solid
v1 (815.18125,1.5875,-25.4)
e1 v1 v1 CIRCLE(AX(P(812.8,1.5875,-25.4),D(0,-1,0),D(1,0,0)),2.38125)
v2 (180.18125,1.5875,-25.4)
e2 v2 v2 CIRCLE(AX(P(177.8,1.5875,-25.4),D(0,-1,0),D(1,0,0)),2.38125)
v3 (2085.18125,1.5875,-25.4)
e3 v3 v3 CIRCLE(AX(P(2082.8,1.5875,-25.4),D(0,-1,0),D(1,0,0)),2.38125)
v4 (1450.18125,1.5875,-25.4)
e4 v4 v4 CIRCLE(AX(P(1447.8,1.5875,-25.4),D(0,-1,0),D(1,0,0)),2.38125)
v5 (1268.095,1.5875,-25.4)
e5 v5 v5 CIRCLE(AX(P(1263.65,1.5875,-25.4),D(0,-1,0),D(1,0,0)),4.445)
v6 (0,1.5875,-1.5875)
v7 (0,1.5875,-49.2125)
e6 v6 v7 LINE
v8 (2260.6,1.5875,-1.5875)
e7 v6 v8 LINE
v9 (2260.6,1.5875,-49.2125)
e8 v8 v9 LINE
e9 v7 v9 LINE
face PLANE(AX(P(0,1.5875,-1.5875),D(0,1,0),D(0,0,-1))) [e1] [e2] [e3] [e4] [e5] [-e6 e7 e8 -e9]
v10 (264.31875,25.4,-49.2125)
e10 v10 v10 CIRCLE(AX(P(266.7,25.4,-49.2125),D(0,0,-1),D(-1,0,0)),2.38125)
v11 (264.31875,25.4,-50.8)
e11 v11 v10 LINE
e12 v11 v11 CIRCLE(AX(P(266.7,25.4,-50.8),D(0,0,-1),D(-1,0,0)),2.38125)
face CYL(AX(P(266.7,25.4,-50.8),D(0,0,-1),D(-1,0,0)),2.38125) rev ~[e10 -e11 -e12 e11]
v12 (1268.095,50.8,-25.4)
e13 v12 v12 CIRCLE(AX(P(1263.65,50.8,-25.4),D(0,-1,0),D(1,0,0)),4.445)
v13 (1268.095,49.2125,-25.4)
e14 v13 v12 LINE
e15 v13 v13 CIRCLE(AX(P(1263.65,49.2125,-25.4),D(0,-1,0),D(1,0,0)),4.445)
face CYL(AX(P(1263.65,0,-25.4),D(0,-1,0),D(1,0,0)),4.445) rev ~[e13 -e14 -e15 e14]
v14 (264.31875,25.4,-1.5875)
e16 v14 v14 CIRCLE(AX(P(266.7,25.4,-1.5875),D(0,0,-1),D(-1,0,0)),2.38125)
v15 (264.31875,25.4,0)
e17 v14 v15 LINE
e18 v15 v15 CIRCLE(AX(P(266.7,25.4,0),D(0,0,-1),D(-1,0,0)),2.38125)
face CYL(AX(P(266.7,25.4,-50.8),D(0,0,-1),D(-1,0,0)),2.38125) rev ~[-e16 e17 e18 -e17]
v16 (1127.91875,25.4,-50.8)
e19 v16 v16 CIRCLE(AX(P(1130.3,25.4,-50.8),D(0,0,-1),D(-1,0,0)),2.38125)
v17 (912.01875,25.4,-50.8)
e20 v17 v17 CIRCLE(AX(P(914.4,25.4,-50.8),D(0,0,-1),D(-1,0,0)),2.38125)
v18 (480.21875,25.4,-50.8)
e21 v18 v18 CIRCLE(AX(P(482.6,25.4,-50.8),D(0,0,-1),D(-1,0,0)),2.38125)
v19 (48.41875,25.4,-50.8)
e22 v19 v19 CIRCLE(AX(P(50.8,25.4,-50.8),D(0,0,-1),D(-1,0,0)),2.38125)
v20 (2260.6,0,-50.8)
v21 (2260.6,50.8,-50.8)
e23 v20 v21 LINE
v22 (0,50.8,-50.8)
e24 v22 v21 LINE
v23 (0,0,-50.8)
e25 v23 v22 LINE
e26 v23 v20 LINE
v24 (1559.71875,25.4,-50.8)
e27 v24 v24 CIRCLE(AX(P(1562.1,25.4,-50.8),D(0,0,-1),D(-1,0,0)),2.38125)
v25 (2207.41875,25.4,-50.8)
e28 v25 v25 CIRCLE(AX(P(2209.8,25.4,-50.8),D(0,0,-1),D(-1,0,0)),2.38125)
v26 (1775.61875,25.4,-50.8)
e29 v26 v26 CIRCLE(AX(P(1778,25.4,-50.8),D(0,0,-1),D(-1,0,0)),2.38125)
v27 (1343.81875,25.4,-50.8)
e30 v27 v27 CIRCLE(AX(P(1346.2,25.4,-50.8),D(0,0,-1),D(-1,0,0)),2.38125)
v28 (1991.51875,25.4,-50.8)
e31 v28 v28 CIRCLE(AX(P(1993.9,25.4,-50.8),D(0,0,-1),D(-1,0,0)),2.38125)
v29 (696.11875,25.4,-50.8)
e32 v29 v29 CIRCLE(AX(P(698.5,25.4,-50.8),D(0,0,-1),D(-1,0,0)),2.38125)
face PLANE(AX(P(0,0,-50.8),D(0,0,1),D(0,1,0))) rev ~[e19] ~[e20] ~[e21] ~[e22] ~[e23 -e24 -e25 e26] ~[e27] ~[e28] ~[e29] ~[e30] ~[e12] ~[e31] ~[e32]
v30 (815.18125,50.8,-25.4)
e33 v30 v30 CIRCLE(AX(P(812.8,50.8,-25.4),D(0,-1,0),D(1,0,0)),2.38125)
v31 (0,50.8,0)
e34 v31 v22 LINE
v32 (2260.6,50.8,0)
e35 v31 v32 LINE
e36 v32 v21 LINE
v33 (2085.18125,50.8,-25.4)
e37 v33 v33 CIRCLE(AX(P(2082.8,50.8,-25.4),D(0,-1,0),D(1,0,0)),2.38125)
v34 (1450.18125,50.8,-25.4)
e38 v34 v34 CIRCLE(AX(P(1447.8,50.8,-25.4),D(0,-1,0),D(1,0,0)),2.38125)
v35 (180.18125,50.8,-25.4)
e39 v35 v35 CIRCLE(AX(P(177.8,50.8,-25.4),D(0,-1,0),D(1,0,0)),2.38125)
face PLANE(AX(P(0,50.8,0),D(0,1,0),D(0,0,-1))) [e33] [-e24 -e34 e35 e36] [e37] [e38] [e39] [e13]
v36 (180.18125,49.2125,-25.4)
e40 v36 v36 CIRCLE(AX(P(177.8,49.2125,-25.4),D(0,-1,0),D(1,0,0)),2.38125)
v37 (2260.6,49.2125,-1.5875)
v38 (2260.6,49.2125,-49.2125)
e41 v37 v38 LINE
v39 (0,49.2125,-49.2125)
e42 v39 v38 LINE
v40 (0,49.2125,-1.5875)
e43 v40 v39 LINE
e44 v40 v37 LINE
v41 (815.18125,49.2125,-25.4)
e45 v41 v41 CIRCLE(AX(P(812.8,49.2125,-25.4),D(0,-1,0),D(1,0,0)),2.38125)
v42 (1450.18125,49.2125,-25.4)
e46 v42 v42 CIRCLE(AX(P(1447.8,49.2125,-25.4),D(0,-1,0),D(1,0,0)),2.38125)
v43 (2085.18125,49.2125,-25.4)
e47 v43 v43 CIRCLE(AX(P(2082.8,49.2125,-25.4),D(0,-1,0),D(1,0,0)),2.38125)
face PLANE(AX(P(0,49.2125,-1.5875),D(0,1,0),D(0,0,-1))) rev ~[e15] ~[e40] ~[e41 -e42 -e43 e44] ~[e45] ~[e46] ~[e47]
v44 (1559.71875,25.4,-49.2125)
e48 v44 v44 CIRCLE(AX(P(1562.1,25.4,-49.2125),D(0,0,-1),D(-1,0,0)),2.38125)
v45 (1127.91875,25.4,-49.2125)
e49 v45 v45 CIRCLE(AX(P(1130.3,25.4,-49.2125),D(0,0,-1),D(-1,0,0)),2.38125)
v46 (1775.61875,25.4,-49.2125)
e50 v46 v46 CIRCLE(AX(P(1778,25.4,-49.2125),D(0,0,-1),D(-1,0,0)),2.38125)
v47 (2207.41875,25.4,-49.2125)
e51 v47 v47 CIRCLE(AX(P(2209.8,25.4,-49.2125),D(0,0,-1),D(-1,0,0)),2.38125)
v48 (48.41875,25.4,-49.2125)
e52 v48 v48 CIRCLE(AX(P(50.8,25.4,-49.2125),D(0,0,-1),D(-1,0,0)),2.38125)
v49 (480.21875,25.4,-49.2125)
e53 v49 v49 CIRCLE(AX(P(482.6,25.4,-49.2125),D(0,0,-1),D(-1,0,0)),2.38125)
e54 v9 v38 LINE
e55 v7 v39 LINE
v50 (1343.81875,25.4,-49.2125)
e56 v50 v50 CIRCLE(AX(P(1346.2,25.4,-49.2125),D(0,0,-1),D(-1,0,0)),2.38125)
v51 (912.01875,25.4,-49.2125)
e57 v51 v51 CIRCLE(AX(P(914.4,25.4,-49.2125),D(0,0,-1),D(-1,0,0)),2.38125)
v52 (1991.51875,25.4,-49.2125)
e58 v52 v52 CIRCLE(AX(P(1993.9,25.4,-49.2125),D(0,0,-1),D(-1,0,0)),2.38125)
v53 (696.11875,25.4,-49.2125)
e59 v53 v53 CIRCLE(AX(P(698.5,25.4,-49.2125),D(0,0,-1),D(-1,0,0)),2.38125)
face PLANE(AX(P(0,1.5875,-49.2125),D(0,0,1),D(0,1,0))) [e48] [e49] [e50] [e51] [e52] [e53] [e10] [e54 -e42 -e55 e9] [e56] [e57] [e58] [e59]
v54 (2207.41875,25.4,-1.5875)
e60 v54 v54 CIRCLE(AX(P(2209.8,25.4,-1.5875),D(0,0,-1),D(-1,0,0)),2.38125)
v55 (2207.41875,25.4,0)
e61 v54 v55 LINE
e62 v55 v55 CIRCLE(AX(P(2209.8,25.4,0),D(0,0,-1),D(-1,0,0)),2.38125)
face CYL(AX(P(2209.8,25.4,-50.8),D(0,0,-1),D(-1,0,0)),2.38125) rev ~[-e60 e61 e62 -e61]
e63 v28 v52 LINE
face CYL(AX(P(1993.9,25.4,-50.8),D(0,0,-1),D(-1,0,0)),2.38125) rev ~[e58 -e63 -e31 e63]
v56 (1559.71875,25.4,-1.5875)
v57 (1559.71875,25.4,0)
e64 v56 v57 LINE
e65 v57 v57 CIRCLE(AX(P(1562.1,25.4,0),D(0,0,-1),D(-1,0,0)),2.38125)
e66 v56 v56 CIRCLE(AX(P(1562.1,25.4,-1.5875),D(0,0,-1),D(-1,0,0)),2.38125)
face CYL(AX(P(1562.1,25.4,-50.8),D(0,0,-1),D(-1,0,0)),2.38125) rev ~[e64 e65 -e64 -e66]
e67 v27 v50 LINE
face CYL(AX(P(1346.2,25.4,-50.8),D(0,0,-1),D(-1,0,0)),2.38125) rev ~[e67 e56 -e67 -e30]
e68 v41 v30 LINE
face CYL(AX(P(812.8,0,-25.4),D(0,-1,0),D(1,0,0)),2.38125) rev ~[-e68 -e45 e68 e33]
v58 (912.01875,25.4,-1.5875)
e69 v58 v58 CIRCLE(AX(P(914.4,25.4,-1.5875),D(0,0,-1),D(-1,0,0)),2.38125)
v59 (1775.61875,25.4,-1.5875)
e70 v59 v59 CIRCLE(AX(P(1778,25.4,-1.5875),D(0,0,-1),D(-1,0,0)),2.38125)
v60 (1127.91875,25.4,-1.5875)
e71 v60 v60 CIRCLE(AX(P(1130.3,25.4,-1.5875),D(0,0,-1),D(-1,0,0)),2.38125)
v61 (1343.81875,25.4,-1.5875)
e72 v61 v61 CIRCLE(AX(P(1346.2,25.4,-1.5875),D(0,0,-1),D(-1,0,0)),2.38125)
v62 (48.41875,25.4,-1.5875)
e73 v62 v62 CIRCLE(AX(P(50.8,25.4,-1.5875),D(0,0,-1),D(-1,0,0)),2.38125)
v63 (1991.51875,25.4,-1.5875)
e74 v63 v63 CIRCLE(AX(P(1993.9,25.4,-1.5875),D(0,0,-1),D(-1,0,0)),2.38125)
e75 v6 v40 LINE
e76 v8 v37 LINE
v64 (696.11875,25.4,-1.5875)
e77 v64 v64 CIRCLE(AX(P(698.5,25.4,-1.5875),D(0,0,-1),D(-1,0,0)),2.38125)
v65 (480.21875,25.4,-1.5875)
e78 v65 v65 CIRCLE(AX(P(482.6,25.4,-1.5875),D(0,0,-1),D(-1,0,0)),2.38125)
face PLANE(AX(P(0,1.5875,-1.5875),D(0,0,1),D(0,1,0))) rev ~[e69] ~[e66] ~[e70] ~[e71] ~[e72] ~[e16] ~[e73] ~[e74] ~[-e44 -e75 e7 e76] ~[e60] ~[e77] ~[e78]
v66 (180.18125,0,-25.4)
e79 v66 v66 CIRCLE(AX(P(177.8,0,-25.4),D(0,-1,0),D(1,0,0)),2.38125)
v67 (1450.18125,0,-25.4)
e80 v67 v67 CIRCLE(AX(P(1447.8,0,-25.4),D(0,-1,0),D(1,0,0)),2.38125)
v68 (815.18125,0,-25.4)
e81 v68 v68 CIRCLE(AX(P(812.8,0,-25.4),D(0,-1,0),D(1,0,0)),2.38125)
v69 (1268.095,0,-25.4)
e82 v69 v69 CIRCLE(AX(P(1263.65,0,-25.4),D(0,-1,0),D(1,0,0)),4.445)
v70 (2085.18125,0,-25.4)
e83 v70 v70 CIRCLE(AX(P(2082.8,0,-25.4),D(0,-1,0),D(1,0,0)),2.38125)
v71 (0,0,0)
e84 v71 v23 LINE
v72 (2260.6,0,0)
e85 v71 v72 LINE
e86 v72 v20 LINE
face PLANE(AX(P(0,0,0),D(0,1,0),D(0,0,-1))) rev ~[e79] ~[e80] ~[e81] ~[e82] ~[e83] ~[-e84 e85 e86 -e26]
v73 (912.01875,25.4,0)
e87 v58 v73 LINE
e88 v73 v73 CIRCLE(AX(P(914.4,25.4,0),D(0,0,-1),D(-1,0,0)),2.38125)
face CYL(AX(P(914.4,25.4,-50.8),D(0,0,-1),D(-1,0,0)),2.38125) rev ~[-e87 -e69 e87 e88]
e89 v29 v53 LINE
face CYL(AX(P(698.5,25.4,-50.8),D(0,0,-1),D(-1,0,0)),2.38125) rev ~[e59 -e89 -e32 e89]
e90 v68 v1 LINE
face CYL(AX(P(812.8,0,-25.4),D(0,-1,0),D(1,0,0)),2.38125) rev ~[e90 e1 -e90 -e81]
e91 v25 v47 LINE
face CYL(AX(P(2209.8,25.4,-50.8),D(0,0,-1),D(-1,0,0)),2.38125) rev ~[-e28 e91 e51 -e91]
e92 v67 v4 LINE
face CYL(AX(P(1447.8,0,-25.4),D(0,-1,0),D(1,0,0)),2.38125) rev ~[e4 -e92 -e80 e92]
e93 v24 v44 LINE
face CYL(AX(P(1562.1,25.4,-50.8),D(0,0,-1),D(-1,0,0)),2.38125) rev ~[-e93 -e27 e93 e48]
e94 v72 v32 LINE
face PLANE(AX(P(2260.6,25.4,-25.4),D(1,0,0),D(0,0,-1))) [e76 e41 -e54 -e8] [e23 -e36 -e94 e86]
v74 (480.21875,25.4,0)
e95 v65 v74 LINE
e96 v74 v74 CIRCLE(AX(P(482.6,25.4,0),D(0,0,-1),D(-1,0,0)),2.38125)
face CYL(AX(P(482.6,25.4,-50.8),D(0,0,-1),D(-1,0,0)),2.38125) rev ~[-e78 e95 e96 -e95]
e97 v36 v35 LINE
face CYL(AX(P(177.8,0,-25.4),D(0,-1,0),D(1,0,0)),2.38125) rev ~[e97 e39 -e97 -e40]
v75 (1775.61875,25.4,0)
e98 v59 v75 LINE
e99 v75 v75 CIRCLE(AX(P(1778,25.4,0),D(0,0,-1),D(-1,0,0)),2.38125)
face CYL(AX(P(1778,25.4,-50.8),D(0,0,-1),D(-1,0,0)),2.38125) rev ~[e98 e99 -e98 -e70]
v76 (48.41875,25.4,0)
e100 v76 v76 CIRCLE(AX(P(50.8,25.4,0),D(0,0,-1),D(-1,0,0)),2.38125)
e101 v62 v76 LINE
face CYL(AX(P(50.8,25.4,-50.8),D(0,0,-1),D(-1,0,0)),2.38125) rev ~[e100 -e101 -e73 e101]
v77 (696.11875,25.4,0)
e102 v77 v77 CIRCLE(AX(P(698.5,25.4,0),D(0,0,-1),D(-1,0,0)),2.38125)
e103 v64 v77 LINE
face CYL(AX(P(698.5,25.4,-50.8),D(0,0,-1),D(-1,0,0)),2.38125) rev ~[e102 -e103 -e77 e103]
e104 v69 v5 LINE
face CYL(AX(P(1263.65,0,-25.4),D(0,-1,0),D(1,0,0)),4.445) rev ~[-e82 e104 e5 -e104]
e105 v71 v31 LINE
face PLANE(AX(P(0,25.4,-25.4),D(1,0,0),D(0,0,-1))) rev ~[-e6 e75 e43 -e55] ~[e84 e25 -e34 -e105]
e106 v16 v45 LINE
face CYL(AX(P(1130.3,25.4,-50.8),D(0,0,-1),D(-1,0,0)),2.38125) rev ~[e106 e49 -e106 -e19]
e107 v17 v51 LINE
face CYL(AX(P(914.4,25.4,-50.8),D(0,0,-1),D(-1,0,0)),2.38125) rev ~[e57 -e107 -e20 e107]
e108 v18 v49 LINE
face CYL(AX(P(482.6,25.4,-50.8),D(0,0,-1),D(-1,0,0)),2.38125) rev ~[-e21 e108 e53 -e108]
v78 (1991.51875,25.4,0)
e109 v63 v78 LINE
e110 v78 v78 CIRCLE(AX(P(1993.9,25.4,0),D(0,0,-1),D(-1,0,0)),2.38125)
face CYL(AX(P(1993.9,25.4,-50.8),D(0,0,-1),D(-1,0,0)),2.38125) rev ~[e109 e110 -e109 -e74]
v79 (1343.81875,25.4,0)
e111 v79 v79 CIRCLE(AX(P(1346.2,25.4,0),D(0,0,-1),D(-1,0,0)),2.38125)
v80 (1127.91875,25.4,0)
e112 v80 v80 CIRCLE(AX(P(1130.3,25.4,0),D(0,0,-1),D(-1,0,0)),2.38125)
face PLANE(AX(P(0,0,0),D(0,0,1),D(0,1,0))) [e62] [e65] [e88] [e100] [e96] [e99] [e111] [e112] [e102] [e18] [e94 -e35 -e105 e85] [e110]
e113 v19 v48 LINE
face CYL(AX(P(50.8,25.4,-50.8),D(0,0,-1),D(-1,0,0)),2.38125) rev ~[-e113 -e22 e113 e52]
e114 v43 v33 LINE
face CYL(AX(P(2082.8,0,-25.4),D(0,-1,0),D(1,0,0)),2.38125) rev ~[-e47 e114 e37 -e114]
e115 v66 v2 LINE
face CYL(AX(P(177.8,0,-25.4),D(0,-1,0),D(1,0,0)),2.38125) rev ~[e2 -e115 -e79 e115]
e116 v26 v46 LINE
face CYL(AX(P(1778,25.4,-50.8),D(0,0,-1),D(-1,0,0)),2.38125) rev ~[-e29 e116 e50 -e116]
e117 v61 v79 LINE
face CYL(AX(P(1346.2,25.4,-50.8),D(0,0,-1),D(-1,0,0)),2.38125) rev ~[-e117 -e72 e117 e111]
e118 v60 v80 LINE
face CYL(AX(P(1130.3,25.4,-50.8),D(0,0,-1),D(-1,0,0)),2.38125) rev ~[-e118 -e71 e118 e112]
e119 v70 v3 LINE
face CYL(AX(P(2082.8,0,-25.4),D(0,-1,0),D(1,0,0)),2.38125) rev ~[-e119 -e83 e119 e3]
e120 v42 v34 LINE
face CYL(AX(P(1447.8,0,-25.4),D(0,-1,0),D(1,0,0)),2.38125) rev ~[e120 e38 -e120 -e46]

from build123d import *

# Parameters (mm, degrees)
SKETCH1_W           = 50.8
SKETCH1_H           = 50.8
SKETCH1_W_2         = 47.625
SKETCH1_H_2         = 47.625
BOSS_EXTRUDE1_DEPTH = 2260.6
SKETCH3_R           = 2.38125
CUT_EXTRUDE2_DEPTH  = 51.8
LPATTERN2_COUNT     = 11
LPATTERN2_PITCH     = 215.9
SKETCH4_R           = 2.38125
CUT_EXTRUDE3_DEPTH  = 50.8
LPATTERN3_COUNT     = 4
LPATTERN3_PITCH     = 635
SKETCH5_R           = 4.445
CUT_EXTRUDE4_DEPTH  = 51.8


with BuildPart() as part:
    # Sketch1 → Boss-Extrude1 (new body)
    with BuildSketch(Plane(origin=(0, 0, 0), x_dir=(0, 0, -1), z_dir=(1, 0, 0))):
        with Locations((25.4, 25.4)):
            Rectangle(SKETCH1_W, SKETCH1_H)
        with Locations((25.4, 25.4)):
            Rectangle(SKETCH1_W_2, SKETCH1_H_2, mode=Mode.SUBTRACT)
    extrude(amount=BOSS_EXTRUDE1_DEPTH)

    # Sketch3 → Cut-Extrude2 (cut, through all)
    with BuildSketch(Plane(origin=(0, 0, -50.8), x_dir=(-1, 0, 0), z_dir=(0, 0, -1))):
        with Locations((-50.8, 25.4)):
            Circle(SKETCH3_R)
    cut_extrude2 = extrude(amount=-CUT_EXTRUDE2_DEPTH, mode=Mode.SUBTRACT)

    # LPattern2: Cut-Extrude2 ×11
    with Locations(*[(i * LPATTERN2_PITCH, 0, 0) for i in range(1, LPATTERN2_COUNT)]):
        add(cut_extrude2, mode=Mode.SUBTRACT)

    # Sketch4 → Cut-Extrude3 (cut)
    with BuildSketch(Plane.XZ):
        with Locations((177.8, -25.4)):
            Circle(SKETCH4_R)
    cut_extrude3 = extrude(amount=-CUT_EXTRUDE3_DEPTH, mode=Mode.SUBTRACT)

    # LPattern3: Cut-Extrude3 ×4
    with Locations(*[(i * LPATTERN3_PITCH, 0, 0) for i in range(1, LPATTERN3_COUNT)]):
        add(cut_extrude3, mode=Mode.SUBTRACT)

    # Sketch5 → Cut-Extrude4 (cut, through all)
    with BuildSketch(Plane.XZ):
        with Locations((1263.65, -25.4)):
            Circle(SKETCH5_R)
    extrude(amount=-CUT_EXTRUDE4_DEPTH, mode=Mode.SUBTRACT)


solid = part.part
